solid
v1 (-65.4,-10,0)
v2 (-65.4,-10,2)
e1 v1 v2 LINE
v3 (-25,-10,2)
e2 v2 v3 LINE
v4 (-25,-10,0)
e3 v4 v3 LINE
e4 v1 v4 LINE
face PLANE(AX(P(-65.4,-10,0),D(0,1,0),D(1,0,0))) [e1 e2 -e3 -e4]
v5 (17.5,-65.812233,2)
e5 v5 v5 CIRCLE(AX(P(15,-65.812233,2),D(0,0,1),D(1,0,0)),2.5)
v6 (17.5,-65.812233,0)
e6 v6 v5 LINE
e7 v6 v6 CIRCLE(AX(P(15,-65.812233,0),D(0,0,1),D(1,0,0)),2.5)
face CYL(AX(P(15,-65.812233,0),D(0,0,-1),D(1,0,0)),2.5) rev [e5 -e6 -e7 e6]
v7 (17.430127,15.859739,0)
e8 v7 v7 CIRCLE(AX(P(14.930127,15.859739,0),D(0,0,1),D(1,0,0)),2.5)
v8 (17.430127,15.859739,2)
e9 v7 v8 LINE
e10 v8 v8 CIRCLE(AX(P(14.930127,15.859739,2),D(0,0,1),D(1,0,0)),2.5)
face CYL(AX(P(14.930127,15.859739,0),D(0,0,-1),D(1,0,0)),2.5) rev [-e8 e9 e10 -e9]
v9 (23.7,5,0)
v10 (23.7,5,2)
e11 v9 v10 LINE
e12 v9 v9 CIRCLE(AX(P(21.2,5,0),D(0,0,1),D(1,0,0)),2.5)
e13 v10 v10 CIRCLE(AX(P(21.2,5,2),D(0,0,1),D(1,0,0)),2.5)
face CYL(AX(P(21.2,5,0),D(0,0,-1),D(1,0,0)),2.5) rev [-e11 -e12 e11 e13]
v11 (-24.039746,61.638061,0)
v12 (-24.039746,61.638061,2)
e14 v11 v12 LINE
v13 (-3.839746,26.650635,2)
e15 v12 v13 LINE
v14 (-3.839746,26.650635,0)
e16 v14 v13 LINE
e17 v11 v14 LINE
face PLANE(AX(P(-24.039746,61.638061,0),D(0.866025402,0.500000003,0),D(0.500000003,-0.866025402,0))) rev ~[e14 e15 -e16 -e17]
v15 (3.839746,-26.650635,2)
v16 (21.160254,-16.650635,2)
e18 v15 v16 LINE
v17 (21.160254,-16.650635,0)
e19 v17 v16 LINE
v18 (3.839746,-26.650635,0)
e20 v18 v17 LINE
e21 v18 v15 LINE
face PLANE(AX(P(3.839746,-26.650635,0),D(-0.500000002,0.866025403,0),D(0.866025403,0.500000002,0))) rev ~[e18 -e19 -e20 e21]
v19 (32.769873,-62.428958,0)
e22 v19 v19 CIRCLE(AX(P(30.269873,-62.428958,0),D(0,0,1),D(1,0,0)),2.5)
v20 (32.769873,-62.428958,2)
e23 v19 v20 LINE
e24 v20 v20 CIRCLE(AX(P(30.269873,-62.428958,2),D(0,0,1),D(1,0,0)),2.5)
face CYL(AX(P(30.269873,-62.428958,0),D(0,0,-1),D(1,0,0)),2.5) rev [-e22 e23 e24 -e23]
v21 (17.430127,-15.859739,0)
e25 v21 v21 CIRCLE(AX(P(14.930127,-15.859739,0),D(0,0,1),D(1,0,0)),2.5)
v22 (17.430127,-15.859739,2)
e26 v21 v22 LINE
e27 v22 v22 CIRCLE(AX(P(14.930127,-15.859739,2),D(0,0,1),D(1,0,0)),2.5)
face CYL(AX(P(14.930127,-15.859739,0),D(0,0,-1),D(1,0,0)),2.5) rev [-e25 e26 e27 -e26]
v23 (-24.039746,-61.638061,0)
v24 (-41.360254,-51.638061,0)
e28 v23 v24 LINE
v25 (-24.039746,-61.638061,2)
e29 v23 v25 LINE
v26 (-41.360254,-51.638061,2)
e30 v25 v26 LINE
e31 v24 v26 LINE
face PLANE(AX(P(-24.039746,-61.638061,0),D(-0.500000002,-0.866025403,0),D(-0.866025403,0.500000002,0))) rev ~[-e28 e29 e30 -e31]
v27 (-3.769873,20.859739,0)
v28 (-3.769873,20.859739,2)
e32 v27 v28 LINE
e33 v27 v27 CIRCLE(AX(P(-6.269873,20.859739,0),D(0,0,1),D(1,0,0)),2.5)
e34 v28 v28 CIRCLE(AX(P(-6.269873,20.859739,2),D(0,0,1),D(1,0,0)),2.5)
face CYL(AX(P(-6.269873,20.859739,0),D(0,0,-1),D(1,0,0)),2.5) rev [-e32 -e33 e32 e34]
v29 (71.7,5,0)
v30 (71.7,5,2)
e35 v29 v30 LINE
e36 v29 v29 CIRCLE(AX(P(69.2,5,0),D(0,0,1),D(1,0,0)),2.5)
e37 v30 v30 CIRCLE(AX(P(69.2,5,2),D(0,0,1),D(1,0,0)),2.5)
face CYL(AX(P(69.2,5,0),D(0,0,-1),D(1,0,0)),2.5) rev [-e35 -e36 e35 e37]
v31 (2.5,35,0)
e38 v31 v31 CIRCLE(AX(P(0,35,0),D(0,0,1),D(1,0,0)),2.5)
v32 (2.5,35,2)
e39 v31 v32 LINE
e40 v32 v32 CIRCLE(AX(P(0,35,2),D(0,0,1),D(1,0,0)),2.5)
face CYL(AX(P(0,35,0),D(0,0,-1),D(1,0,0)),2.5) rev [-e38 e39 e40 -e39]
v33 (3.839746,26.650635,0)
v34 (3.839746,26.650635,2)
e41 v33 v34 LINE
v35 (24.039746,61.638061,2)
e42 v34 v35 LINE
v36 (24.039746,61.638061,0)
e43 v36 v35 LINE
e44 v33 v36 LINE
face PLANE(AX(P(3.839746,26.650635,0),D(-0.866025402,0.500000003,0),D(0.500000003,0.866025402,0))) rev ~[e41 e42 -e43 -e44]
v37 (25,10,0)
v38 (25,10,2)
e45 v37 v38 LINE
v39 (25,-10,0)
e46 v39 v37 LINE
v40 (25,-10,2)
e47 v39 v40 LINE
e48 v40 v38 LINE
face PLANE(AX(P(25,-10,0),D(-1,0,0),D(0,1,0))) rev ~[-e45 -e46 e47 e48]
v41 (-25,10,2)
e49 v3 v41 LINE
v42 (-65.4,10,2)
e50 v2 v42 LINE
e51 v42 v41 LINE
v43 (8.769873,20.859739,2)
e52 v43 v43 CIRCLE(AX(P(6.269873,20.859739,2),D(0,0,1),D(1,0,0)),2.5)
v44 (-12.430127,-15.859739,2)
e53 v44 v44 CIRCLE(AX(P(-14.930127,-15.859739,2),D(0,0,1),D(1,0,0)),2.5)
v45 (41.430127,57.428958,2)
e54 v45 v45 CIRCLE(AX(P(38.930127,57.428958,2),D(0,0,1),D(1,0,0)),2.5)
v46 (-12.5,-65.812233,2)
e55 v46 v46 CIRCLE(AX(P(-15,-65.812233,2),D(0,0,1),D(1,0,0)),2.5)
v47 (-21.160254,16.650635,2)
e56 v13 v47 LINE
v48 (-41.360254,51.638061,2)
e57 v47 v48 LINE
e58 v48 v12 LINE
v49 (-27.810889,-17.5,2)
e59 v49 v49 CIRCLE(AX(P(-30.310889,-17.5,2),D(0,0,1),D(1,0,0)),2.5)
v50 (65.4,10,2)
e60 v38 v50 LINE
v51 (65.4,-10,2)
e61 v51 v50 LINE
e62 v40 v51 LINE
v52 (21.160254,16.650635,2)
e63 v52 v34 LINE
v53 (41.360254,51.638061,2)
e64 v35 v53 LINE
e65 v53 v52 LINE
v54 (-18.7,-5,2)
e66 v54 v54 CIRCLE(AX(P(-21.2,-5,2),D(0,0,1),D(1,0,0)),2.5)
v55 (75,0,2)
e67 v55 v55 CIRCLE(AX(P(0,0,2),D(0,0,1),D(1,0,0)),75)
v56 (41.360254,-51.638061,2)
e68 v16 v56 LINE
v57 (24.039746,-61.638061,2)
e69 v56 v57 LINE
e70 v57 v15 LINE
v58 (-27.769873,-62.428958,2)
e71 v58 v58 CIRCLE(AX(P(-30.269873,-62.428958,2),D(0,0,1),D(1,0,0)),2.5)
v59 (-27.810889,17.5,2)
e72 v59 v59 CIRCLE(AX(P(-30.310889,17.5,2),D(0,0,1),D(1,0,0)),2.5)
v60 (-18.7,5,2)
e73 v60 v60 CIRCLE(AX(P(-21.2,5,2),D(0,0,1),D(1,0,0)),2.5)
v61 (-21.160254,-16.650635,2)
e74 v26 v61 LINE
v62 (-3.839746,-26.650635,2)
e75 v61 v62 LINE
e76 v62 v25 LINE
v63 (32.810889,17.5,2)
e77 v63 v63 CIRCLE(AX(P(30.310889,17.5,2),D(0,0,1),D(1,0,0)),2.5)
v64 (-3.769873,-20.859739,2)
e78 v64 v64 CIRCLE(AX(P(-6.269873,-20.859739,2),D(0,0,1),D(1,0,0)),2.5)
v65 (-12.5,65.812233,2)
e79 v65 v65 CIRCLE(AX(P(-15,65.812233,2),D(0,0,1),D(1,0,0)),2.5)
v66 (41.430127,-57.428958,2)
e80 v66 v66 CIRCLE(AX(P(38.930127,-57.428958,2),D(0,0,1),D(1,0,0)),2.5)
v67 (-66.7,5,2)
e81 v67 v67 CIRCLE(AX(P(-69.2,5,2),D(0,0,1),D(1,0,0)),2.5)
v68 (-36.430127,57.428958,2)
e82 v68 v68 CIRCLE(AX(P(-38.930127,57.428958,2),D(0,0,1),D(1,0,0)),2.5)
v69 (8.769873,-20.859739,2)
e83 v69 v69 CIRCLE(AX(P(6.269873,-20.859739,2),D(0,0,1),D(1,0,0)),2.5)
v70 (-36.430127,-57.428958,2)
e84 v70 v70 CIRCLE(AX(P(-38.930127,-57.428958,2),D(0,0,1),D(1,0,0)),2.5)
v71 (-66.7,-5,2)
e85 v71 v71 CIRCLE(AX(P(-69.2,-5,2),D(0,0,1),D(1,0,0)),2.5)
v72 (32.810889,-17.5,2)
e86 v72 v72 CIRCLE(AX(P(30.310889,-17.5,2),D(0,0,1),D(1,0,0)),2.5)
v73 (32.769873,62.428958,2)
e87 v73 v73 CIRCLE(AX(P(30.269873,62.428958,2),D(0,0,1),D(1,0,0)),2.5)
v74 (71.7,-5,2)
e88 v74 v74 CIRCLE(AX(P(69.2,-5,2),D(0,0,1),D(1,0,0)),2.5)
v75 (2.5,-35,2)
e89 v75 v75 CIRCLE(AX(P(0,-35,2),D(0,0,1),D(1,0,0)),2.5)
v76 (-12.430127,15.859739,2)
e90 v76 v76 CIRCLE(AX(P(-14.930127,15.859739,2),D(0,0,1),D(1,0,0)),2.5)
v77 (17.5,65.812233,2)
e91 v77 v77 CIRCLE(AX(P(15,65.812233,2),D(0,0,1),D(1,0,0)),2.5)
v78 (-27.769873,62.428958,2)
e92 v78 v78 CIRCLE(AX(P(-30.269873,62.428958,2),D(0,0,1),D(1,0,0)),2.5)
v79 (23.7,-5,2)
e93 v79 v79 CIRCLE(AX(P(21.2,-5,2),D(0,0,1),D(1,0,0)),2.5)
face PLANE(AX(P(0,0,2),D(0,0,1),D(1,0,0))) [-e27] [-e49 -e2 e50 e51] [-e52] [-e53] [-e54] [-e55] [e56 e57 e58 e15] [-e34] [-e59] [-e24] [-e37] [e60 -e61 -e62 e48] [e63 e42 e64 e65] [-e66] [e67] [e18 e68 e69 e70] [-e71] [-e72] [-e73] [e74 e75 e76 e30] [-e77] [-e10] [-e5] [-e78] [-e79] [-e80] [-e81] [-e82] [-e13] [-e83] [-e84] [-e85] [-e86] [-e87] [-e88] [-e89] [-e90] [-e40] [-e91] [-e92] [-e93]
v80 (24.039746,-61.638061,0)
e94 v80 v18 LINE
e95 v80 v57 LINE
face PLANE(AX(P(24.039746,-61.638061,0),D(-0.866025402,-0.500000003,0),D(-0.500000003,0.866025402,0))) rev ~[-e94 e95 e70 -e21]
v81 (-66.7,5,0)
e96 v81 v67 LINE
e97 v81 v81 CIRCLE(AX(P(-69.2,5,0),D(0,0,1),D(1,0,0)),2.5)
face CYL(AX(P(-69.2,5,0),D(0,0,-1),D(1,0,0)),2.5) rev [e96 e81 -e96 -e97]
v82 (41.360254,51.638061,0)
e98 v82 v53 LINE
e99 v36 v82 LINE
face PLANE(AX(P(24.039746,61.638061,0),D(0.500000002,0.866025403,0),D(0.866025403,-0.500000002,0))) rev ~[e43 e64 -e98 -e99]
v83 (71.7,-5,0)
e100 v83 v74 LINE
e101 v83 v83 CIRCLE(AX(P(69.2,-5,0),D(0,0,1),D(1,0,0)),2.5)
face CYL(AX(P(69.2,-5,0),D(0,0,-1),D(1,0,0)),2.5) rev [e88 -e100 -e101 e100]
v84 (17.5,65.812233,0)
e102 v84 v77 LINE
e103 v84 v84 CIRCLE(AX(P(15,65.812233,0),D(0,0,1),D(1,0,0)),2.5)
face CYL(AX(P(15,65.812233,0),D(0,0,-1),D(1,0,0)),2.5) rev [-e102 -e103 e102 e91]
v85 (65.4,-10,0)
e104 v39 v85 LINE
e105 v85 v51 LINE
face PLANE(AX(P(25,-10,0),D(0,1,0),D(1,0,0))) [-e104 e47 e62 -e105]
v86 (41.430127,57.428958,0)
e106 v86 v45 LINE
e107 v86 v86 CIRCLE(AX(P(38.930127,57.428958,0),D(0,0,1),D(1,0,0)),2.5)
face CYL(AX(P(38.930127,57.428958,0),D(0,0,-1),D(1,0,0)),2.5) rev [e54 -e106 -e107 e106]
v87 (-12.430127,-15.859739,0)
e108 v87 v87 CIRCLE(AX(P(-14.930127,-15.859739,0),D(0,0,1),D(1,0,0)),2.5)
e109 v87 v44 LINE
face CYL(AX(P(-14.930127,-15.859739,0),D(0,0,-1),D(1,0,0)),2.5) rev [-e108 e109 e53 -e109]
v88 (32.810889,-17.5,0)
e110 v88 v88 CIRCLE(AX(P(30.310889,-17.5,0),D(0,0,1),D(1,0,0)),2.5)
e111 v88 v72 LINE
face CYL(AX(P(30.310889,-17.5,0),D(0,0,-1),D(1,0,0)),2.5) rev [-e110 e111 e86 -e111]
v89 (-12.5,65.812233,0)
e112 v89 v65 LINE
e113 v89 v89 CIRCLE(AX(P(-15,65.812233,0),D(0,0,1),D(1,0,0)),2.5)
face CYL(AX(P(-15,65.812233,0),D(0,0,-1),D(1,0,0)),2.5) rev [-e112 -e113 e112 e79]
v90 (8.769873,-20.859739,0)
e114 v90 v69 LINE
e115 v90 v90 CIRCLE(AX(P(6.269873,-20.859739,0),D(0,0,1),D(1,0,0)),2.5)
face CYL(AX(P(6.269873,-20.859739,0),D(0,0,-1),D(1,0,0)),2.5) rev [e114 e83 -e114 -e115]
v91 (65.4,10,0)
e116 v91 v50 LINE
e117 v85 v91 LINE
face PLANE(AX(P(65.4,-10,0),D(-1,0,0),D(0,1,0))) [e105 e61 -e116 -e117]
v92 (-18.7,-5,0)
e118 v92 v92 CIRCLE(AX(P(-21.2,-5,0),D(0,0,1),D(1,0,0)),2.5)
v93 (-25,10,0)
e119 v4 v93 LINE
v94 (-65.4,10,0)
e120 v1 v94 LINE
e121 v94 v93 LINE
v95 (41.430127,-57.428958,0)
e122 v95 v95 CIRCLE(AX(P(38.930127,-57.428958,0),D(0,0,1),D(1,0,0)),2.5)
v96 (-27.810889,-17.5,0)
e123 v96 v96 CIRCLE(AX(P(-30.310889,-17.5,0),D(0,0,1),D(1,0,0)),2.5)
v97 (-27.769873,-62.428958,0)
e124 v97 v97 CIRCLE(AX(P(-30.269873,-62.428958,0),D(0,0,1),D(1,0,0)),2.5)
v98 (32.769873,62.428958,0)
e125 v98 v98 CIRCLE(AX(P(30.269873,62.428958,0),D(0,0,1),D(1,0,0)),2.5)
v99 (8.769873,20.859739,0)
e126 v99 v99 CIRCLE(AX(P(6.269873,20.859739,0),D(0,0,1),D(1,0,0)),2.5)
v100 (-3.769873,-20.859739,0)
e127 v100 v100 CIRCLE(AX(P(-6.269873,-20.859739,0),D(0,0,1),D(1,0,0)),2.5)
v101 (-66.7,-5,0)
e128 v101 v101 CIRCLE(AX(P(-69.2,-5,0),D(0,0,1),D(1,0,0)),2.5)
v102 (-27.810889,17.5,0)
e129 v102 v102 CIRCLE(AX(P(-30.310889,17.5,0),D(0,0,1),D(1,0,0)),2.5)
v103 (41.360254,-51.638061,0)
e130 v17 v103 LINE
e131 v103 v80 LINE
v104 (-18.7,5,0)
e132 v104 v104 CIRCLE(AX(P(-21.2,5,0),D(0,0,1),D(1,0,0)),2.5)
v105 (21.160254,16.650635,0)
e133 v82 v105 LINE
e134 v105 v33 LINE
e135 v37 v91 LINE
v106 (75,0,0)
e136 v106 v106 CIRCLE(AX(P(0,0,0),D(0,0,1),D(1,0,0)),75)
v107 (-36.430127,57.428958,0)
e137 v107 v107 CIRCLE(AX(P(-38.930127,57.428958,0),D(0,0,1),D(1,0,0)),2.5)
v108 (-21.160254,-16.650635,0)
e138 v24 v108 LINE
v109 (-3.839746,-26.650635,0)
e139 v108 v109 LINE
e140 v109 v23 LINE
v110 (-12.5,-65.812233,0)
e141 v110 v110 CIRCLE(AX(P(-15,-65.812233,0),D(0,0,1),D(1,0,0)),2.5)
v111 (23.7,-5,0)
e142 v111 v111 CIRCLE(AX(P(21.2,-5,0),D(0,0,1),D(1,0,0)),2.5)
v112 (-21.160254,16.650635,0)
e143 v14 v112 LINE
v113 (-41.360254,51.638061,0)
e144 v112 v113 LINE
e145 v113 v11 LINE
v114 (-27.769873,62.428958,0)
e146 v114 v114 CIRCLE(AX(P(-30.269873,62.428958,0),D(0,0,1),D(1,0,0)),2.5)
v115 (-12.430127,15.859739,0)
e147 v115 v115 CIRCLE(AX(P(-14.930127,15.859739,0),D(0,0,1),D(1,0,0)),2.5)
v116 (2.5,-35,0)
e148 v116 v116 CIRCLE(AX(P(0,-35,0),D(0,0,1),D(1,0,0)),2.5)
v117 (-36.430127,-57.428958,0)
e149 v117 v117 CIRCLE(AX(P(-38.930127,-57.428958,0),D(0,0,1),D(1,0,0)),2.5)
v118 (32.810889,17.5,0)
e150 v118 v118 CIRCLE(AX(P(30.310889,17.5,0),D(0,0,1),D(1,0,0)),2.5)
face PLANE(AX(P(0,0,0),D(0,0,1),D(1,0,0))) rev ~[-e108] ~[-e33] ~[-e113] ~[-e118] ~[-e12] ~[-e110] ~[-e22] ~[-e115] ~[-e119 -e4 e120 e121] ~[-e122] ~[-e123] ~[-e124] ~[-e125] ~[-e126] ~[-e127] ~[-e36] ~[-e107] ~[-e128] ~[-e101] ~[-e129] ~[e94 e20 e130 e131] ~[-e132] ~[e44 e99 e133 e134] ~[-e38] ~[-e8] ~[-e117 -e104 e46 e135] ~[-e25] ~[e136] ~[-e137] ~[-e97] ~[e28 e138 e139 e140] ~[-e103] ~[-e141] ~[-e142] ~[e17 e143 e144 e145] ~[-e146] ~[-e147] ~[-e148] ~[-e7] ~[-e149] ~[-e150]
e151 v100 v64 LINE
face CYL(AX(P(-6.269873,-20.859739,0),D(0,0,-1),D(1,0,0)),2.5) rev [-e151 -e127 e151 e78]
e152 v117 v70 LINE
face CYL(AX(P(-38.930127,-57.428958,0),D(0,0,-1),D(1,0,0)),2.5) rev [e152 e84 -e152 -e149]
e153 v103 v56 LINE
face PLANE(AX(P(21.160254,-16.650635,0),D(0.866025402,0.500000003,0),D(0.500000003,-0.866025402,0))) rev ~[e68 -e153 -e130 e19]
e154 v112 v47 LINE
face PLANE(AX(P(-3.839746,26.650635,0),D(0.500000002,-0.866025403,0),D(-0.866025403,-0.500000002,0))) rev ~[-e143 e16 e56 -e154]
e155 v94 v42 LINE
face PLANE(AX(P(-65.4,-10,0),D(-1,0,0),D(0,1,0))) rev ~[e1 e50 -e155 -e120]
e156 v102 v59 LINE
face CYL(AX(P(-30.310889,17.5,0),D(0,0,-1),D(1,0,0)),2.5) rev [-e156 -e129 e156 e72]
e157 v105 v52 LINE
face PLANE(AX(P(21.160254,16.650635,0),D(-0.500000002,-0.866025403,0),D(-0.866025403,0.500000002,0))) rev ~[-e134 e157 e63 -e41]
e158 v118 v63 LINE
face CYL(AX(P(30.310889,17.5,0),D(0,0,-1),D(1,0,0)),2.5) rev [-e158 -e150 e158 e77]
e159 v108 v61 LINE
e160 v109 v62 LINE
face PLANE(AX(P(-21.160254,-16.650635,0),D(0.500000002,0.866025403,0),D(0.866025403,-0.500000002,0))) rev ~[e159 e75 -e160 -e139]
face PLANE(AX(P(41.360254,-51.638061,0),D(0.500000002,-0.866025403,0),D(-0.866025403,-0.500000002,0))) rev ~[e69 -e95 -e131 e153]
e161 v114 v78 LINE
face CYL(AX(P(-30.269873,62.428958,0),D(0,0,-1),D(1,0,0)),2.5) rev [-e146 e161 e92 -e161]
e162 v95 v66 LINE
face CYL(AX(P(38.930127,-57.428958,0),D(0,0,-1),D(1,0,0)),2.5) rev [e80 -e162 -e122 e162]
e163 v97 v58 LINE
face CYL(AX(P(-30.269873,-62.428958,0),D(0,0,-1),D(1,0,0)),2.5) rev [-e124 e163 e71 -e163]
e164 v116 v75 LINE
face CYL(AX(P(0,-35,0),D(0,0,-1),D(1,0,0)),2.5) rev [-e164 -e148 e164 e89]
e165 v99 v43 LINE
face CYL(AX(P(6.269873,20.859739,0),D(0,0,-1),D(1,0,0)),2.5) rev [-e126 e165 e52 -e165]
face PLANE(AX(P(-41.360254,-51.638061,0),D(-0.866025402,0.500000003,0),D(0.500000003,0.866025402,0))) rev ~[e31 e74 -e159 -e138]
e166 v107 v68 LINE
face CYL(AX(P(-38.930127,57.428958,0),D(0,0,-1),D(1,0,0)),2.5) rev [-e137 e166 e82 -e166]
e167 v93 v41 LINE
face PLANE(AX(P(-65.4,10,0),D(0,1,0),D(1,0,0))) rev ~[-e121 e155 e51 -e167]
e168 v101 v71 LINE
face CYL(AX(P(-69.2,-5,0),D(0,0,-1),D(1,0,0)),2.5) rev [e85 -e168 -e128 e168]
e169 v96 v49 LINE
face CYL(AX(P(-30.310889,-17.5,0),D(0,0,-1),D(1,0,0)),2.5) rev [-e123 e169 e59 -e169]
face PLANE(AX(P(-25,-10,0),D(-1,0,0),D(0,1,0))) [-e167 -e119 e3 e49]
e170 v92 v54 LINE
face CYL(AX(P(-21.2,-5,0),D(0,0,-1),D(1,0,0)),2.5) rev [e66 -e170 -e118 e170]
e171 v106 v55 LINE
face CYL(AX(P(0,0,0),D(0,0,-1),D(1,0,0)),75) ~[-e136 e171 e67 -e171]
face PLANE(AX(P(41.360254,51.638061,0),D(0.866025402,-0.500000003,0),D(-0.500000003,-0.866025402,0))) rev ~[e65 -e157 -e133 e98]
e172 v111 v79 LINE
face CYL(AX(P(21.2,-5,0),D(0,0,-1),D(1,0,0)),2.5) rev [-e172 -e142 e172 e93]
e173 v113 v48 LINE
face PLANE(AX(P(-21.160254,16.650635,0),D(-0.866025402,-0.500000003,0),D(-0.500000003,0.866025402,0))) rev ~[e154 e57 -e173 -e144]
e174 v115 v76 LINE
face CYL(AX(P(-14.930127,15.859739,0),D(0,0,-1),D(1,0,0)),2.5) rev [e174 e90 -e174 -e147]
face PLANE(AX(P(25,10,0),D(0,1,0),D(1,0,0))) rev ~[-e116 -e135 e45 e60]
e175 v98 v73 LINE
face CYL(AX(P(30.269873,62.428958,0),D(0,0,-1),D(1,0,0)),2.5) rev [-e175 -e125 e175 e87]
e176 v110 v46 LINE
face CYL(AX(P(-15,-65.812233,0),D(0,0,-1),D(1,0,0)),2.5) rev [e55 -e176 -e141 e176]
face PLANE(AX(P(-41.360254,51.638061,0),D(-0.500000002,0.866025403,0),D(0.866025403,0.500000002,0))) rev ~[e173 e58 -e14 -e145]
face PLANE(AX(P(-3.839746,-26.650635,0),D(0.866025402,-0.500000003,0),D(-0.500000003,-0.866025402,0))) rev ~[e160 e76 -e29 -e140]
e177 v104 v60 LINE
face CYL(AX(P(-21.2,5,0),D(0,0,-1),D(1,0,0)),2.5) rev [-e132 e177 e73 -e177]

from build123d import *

# Parameters (mm, degrees)
F0_R     = 75
F0_R_2   = 2.5
F0_W     = 40.4
F0_H     = 20
F1_DEPTH = 2


with BuildPart() as f1:
    # F0 (on Top) → F1 (new body)
    with BuildSketch(Plane.XY):
        Circle(F0_R)
        with Locations((-38.930127, -57.428958)):
            Circle(F0_R_2, mode=Mode.SUBTRACT)
        with Locations((-30.269873, -62.428958)):
            Circle(F0_R_2, mode=Mode.SUBTRACT)
        with Locations((-15, -65.812233)):
            Circle(F0_R_2, mode=Mode.SUBTRACT)
        Polygon((-41.360254, -51.638061), (-21.160254, -16.650635), (-3.839746, -26.650635), (-24.039746, -61.638061), align=None, mode=Mode.SUBTRACT)
        with Locations((-69.2, -5)):
            Circle(F0_R_2, mode=Mode.SUBTRACT)
        with Locations((-6.269873, -20.859739)):
            Circle(F0_R_2, mode=Mode.SUBTRACT)
        with Locations((-30.310889, -17.5)):
            Circle(F0_R_2, mode=Mode.SUBTRACT)
        with Locations((-21.2, -5)):
            Circle(F0_R_2, mode=Mode.SUBTRACT)
        with Locations((-14.930127, -15.859739)):
            Circle(F0_R_2, mode=Mode.SUBTRACT)
        with Locations((15, -65.812233)):
            Circle(F0_R_2, mode=Mode.SUBTRACT)
        with Locations((30.269873, -62.428958)):
            Circle(F0_R_2, mode=Mode.SUBTRACT)
        Polygon((24.039746, -61.638061), (3.839746, -26.650635), (21.160254, -16.650635), (41.360254, -51.638061), align=None, mode=Mode.SUBTRACT)
        with Locations((38.930127, -57.428958)):
            Circle(F0_R_2, mode=Mode.SUBTRACT)
        with Locations((0, -35)):
            Circle(F0_R_2, mode=Mode.SUBTRACT)
        with Locations((6.269873, -20.859739)):
            Circle(F0_R_2, mode=Mode.SUBTRACT)
        with Locations((14.930127, -15.859739)):
            Circle(F0_R_2, mode=Mode.SUBTRACT)
        with Locations((30.310889, -17.5)):
            Circle(F0_R_2, mode=Mode.SUBTRACT)
        with Locations((21.2, -5)):
            Circle(F0_R_2, mode=Mode.SUBTRACT)
        with Locations((69.2, -5)):
            Circle(F0_R_2, mode=Mode.SUBTRACT)
        with Locations((-69.2, 5)):
            Circle(F0_R_2, mode=Mode.SUBTRACT)
        with Locations((-45.2, 0)):
            Rectangle(F0_W, F0_H, mode=Mode.SUBTRACT)
        with Locations((-21.2, 5)):
            Circle(F0_R_2, mode=Mode.SUBTRACT)
        with Locations((-30.310889, 17.5)):
            Circle(F0_R_2, mode=Mode.SUBTRACT)
        with Locations((-14.930127, 15.859739)):
            Circle(F0_R_2, mode=Mode.SUBTRACT)
        with Locations((-6.269873, 20.859739)):
            Circle(F0_R_2, mode=Mode.SUBTRACT)
        with Locations((-38.930127, 57.428958)):
            Circle(F0_R_2, mode=Mode.SUBTRACT)
        Polygon((-24.039746, 61.638061), (-3.839746, 26.650635), (-21.160254, 16.650635), (-41.360254, 51.638061), align=None, mode=Mode.SUBTRACT)
        with Locations((-30.269873, 62.428958)):
            Circle(F0_R_2, mode=Mode.SUBTRACT)
        with Locations((-15, 65.812233)):
            Circle(F0_R_2, mode=Mode.SUBTRACT)
        with Locations((14.930127, 15.859739)):
            Circle(F0_R_2, mode=Mode.SUBTRACT)
        with Locations((21.2, 5)):
            Circle(F0_R_2, mode=Mode.SUBTRACT)
        with Locations((30.310889, 17.5)):
            Circle(F0_R_2, mode=Mode.SUBTRACT)
        with Locations((6.269873, 20.859739)):
            Circle(F0_R_2, mode=Mode.SUBTRACT)
        with Locations((0, 35)):
            Circle(F0_R_2, mode=Mode.SUBTRACT)
        with Locations((45.2, 0)):
            Rectangle(F0_W, F0_H, mode=Mode.SUBTRACT)
        with Locations((69.2, 5)):
            Circle(F0_R_2, mode=Mode.SUBTRACT)
        Polygon((41.360254, 51.638061), (21.160254, 16.650635), (3.839746, 26.650635), (24.039746, 61.638061), align=None, mode=Mode.SUBTRACT)
        with Locations((15, 65.812233)):
            Circle(F0_R_2, mode=Mode.SUBTRACT)
        with Locations((30.269873, 62.428958)):
            Circle(F0_R_2, mode=Mode.SUBTRACT)
        with Locations((38.930127, 57.428958)):
            Circle(F0_R_2, mode=Mode.SUBTRACT)
    extrude(amount=F1_DEPTH)


solid = f1.part
